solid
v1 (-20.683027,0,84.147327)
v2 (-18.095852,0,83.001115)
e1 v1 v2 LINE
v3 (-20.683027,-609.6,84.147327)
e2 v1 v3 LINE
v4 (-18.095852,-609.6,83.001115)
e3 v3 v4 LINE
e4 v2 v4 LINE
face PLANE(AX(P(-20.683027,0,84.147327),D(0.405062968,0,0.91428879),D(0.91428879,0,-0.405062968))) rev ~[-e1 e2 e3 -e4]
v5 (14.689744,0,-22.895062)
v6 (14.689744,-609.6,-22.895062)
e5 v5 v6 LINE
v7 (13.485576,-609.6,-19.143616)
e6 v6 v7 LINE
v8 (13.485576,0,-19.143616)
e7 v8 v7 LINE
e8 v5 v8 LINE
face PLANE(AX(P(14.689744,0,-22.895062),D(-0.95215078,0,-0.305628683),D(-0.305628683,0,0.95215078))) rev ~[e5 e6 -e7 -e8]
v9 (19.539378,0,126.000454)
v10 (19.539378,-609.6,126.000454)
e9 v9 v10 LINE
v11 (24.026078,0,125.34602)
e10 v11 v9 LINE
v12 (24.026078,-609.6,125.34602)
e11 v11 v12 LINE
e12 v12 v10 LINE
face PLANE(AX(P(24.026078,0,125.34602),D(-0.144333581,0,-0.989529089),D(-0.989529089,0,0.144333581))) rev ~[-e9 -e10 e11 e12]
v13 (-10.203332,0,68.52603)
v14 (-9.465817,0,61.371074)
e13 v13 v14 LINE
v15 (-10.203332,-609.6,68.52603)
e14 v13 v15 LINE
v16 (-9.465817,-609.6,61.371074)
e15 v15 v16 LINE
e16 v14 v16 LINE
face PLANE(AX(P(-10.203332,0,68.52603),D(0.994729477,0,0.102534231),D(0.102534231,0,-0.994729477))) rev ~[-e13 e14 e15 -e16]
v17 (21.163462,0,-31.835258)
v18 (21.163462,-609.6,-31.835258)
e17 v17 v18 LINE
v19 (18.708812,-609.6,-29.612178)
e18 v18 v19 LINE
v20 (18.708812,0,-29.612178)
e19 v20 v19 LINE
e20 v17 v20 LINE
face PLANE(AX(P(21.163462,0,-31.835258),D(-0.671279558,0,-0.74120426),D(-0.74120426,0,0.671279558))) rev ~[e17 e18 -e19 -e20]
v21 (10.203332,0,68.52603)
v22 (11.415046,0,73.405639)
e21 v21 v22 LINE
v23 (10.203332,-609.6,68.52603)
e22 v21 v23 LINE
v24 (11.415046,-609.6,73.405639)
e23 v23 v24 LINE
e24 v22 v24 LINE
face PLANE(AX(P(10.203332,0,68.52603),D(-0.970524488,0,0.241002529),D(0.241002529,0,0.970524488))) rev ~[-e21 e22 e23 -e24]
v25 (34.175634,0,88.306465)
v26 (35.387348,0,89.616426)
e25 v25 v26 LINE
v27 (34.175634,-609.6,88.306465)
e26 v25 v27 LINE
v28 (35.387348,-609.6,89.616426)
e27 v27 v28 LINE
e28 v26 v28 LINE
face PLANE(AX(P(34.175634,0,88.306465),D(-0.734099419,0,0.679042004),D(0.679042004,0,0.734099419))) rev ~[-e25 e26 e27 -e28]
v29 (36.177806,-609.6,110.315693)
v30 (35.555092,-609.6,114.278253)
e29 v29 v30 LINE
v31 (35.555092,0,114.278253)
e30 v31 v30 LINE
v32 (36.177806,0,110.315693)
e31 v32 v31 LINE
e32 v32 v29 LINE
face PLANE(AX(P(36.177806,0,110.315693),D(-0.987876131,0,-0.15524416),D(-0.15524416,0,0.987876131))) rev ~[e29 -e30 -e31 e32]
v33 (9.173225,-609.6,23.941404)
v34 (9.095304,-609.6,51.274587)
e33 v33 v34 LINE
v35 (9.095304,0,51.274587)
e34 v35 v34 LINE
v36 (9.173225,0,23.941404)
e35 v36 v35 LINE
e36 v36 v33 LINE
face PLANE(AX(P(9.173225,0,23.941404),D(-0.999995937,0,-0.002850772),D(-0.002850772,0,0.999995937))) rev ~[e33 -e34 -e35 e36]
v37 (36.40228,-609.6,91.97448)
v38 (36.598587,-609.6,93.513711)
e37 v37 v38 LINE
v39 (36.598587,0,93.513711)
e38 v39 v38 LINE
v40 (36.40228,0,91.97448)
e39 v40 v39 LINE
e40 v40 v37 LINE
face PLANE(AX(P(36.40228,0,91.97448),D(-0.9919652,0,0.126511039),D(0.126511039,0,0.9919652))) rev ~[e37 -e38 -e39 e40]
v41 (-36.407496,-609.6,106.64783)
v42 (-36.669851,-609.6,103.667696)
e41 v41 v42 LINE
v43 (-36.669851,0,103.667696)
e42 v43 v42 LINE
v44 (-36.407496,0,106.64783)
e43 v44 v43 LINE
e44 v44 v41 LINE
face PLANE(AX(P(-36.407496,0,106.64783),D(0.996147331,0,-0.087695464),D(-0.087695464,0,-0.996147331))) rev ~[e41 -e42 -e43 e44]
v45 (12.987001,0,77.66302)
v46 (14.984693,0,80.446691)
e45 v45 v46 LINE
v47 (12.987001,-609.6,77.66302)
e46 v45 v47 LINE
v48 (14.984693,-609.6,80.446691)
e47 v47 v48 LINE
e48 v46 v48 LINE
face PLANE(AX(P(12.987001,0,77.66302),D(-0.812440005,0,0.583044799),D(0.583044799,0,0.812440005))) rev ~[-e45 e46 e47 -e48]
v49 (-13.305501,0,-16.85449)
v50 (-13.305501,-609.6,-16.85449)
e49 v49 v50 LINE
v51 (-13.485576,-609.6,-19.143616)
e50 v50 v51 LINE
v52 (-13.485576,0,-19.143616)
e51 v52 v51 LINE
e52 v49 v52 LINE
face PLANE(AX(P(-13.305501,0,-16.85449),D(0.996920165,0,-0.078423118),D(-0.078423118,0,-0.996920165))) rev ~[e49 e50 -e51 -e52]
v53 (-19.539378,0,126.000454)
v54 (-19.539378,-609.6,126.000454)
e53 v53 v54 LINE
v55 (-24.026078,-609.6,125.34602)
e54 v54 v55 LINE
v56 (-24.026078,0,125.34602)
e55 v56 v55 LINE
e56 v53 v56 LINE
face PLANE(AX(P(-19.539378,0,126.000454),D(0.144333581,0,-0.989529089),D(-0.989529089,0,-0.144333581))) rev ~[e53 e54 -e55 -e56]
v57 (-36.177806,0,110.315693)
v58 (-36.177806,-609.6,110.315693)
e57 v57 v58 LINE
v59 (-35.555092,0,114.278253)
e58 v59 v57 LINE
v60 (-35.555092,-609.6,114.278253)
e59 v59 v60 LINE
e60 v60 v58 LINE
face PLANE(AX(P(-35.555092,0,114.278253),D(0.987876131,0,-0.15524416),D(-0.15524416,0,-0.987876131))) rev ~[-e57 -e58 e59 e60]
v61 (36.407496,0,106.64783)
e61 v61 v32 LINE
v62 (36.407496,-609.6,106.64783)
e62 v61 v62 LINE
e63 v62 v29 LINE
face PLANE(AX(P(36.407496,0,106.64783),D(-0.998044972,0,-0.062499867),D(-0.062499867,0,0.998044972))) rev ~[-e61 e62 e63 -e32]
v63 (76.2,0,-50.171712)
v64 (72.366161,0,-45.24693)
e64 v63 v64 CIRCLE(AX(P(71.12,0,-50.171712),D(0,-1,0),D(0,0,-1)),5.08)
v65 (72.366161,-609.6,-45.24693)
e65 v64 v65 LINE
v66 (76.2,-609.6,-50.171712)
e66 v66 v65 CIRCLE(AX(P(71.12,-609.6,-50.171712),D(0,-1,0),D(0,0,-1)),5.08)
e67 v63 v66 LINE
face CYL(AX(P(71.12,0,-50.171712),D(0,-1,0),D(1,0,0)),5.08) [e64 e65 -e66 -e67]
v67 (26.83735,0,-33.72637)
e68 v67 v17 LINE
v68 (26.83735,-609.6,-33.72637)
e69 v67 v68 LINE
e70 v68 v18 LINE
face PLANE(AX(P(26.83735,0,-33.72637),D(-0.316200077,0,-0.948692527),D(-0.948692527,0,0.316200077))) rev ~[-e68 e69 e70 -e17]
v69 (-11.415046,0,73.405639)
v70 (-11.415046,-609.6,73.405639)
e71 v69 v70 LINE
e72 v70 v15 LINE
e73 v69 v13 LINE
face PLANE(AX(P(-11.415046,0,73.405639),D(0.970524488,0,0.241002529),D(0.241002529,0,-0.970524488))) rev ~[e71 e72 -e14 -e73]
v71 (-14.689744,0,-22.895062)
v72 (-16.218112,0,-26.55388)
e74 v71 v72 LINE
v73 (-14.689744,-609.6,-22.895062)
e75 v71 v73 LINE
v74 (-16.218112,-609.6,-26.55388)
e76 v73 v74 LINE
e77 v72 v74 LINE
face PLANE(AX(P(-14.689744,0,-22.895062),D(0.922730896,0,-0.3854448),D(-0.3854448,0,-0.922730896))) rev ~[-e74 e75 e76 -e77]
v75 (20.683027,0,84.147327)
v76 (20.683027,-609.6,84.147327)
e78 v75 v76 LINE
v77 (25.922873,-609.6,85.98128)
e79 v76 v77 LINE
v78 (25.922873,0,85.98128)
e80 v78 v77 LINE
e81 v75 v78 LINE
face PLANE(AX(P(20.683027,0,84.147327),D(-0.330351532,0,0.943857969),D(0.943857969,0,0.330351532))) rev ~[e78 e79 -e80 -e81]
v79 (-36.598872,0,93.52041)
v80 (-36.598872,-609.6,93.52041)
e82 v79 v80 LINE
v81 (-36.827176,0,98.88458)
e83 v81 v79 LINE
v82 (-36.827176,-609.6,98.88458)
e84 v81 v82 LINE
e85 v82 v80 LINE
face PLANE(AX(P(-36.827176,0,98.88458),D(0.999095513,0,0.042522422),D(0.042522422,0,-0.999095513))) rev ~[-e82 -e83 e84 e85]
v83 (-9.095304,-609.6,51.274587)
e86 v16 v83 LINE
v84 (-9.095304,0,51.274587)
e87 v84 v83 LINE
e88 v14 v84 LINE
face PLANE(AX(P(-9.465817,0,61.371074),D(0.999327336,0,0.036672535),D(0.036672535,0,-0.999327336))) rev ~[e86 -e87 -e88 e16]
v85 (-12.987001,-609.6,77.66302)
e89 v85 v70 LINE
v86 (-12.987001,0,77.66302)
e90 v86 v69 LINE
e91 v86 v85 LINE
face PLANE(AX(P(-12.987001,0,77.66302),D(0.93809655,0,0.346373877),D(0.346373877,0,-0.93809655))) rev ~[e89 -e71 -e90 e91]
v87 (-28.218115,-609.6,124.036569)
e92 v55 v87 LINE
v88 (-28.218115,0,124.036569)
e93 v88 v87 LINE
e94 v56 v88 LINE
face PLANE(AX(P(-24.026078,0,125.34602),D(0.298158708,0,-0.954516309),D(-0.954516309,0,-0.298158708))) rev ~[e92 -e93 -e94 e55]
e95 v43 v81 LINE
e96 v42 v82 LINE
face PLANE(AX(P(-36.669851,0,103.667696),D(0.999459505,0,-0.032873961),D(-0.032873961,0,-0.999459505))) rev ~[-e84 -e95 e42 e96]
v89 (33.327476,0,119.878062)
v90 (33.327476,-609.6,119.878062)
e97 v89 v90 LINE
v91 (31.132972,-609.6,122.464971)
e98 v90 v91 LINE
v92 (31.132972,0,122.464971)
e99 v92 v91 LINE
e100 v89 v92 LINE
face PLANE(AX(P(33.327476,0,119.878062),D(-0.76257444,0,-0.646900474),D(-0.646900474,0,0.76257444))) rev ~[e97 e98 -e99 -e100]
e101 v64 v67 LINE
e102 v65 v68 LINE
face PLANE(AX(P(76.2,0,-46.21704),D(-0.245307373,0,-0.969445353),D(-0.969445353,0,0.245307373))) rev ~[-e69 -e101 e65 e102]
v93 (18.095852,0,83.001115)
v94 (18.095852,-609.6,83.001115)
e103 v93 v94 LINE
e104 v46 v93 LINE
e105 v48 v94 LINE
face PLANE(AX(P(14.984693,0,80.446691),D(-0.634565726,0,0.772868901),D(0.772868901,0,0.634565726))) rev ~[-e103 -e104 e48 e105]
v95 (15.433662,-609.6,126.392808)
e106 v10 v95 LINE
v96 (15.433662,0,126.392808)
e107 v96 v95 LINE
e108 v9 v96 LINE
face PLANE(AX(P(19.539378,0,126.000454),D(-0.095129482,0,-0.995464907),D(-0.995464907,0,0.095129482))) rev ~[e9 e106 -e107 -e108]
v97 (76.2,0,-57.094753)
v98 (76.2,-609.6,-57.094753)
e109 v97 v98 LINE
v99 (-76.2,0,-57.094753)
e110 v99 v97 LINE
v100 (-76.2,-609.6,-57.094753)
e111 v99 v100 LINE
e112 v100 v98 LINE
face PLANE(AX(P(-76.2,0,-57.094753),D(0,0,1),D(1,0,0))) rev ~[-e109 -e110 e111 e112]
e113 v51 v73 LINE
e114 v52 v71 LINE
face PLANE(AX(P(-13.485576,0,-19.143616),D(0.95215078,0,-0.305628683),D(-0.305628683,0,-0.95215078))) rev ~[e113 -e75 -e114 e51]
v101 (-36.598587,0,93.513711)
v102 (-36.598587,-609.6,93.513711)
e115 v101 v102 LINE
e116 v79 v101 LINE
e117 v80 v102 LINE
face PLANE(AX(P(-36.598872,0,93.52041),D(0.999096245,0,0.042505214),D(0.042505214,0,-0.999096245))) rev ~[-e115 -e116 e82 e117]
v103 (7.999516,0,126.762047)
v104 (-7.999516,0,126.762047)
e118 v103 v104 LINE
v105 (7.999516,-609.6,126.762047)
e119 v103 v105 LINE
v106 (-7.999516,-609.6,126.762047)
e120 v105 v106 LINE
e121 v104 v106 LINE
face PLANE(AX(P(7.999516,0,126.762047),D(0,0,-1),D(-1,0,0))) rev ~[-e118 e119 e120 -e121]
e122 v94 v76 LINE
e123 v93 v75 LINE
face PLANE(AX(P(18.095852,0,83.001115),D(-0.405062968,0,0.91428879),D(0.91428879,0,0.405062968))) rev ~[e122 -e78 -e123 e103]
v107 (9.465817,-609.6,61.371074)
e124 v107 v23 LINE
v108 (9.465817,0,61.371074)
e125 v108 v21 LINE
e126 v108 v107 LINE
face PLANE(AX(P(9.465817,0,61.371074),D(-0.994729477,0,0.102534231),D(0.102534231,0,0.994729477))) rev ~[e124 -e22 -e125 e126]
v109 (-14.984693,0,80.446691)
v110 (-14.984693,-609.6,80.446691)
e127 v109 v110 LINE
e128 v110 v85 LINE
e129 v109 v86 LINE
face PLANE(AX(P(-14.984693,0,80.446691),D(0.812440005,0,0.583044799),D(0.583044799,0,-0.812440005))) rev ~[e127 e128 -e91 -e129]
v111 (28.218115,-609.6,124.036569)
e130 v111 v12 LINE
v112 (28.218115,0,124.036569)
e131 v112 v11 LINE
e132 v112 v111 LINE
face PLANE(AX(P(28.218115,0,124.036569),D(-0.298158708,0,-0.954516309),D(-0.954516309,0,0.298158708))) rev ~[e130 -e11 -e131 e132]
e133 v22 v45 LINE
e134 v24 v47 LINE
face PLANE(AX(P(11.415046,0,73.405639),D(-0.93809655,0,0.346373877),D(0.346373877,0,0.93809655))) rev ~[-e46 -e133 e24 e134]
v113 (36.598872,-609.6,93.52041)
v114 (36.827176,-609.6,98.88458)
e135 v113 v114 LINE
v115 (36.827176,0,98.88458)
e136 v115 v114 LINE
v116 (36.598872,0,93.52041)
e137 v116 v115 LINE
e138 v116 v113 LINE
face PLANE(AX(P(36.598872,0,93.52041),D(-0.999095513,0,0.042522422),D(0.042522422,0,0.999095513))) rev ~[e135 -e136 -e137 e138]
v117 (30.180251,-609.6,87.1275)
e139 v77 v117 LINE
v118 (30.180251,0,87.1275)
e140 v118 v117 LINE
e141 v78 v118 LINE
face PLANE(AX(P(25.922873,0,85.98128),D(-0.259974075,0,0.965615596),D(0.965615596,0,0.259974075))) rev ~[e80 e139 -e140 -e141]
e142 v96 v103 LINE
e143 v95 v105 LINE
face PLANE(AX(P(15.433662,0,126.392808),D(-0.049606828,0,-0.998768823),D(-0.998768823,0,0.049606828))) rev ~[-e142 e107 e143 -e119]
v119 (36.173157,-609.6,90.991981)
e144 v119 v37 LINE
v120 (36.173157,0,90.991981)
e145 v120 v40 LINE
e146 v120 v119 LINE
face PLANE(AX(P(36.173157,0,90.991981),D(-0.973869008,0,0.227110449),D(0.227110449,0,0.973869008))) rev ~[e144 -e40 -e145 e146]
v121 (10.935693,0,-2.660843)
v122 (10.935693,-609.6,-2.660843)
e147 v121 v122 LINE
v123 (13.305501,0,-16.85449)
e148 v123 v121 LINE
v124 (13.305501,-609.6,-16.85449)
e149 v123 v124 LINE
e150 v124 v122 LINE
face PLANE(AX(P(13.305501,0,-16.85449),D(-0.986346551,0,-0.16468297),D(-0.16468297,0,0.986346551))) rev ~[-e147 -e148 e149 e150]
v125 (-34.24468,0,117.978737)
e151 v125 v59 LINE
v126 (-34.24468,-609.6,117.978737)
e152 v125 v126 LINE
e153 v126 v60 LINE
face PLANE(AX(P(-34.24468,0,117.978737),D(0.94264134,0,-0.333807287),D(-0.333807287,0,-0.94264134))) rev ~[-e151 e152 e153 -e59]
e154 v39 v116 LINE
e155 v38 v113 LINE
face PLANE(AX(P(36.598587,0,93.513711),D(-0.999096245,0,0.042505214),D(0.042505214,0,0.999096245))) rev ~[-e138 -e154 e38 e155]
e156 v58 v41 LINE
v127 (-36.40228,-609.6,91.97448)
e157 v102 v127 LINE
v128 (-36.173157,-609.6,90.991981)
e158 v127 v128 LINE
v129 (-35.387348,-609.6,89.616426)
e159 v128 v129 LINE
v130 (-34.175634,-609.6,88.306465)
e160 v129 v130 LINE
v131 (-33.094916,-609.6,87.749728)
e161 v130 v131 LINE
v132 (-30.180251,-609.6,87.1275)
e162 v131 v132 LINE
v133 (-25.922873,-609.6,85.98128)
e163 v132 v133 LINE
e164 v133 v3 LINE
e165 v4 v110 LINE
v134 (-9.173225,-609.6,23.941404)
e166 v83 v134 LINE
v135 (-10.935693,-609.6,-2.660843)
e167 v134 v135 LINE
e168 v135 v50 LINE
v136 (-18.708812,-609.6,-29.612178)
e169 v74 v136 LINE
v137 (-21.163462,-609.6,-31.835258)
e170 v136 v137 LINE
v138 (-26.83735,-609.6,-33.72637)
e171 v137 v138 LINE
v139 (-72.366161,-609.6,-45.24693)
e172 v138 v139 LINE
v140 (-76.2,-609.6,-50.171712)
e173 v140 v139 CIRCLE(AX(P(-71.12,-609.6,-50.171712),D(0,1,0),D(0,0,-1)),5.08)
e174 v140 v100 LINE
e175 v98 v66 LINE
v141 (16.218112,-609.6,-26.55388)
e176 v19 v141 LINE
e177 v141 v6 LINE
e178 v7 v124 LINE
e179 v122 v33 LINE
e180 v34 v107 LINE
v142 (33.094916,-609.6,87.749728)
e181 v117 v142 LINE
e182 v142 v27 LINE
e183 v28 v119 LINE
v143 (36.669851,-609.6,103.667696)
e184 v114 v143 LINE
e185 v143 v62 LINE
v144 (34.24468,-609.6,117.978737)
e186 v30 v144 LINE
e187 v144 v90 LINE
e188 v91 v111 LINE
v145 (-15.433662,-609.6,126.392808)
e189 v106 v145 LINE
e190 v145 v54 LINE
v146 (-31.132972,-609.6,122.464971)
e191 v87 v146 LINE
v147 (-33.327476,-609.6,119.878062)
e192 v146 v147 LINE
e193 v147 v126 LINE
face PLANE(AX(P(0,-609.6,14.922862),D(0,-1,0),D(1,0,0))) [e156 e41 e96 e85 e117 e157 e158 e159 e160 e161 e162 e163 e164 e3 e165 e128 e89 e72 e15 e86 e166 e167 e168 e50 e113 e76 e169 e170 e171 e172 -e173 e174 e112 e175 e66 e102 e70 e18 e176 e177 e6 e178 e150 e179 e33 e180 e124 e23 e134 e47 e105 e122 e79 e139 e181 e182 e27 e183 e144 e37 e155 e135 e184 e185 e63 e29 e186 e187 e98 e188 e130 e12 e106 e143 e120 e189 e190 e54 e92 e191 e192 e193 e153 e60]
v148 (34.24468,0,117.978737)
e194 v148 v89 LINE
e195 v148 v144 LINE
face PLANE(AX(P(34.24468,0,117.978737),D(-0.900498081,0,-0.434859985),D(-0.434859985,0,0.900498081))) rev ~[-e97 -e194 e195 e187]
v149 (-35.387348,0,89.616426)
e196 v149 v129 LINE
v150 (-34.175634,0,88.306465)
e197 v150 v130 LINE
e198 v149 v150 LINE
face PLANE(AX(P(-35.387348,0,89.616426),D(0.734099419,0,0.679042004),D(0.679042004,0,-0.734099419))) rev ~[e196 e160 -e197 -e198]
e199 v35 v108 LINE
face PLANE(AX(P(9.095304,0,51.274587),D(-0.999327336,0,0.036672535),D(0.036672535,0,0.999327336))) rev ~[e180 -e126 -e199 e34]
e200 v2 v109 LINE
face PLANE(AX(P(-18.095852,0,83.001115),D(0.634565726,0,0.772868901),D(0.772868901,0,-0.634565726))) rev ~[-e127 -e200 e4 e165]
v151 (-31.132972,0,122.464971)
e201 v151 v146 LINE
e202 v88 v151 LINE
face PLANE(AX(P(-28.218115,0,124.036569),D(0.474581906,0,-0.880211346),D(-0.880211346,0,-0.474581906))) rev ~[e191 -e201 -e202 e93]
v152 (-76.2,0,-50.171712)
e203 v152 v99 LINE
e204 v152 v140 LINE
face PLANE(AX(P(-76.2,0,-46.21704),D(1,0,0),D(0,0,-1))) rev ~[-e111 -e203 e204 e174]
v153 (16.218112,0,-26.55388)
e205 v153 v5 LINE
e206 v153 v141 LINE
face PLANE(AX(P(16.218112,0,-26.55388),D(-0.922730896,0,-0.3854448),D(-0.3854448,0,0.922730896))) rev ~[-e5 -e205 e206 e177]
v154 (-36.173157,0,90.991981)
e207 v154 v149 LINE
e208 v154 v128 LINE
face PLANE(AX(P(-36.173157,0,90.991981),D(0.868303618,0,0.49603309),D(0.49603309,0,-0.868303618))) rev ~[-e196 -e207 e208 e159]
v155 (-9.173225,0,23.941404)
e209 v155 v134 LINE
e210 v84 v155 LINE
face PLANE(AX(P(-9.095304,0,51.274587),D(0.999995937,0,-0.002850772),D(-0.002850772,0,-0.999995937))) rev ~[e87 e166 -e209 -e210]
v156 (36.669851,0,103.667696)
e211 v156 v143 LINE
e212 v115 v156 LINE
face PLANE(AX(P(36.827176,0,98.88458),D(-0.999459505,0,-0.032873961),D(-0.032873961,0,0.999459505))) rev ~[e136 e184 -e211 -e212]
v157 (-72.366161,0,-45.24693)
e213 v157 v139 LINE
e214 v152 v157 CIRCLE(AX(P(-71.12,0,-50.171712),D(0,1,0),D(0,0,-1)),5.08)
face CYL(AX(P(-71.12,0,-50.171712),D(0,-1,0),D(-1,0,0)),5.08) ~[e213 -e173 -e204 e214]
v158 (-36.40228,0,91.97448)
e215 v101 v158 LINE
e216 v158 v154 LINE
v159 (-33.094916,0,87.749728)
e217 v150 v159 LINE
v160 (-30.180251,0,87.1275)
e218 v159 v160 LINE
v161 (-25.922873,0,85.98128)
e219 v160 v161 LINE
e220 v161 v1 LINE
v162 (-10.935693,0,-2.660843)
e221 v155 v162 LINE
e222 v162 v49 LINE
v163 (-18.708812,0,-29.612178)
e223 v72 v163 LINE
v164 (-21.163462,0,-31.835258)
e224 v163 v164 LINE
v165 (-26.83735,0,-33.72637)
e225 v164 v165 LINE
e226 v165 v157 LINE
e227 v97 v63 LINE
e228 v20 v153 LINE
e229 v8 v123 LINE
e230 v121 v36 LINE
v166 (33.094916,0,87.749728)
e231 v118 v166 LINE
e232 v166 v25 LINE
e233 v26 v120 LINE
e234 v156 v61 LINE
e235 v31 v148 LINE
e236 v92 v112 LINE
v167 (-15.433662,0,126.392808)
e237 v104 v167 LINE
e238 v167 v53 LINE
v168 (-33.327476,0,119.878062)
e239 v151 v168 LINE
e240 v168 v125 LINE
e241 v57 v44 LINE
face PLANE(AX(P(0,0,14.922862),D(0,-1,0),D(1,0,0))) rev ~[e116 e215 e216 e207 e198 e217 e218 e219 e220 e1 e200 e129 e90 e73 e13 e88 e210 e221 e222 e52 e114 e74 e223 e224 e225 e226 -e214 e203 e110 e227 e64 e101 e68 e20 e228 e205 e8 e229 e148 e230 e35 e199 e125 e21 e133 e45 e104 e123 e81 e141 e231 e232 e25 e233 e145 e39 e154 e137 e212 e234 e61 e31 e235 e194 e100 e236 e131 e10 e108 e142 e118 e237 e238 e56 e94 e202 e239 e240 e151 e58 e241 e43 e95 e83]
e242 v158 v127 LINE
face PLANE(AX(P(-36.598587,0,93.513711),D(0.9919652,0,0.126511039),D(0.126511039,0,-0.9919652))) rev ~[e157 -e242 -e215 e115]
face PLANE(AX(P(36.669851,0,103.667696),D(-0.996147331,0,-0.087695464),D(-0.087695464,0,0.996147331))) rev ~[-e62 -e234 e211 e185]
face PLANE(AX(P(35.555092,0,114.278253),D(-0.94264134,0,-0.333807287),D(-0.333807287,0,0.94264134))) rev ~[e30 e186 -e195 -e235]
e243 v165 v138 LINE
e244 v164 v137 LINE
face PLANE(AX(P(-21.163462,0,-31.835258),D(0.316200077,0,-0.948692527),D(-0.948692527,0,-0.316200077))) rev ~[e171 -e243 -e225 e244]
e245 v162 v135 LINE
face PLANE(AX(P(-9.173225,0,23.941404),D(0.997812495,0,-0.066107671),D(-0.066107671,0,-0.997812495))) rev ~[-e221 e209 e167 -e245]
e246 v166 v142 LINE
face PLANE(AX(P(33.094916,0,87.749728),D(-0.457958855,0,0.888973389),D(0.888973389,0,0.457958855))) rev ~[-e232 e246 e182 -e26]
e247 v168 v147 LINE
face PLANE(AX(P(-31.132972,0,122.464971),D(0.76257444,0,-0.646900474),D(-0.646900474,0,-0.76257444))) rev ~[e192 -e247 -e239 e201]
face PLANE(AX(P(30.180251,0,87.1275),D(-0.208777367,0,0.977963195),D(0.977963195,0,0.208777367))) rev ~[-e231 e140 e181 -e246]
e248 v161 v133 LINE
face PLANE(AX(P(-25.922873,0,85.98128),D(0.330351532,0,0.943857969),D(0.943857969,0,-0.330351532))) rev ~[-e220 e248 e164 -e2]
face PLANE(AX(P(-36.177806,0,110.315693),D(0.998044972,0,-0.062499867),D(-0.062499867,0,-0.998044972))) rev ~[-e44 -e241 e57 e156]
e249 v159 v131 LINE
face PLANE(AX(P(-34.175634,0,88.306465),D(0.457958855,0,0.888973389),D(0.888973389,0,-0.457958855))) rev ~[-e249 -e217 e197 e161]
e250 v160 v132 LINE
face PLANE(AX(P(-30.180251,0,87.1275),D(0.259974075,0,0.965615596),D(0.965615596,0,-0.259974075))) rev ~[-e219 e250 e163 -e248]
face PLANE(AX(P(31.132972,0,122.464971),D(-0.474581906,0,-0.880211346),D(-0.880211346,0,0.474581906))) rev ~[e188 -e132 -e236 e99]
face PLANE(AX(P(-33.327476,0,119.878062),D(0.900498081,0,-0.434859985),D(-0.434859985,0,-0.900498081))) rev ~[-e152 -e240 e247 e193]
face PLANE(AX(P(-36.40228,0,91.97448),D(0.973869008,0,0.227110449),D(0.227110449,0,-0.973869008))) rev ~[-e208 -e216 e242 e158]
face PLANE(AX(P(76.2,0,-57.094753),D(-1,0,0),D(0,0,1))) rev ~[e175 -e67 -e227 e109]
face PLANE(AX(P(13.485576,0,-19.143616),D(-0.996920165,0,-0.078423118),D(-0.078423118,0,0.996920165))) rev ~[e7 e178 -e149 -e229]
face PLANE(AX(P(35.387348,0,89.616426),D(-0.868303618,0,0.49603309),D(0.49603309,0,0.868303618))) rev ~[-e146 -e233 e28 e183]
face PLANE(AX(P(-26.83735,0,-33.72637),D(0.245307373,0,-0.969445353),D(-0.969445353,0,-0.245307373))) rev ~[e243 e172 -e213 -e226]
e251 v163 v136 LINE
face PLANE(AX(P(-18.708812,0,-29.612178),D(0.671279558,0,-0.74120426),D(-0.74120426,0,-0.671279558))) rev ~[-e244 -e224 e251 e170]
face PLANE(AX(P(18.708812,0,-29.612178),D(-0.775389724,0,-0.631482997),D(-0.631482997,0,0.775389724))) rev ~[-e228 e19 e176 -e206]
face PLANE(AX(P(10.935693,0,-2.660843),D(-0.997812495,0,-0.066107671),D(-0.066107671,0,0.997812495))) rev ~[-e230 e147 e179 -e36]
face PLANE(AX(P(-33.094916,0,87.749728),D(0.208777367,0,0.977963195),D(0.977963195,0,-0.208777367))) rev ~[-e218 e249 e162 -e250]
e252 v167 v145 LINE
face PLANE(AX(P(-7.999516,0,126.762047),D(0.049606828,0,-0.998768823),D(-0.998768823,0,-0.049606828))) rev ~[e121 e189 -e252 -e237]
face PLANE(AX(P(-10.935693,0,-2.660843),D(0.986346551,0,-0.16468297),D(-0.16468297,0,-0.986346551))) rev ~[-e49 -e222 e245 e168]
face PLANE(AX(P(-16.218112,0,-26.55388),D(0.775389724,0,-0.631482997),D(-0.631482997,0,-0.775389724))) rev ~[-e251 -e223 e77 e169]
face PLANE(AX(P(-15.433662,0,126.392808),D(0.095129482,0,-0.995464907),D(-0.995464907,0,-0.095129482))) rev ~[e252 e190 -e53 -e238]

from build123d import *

# Parameters (mm, degrees)
F1_DEPTH = 609.6
F2_R     = 5.08


with BuildPart() as f1:
    # F0 (on Front) → F1 (new body)
    with BuildSketch(Plane.XZ):
        Polygon((-76.2, -46.21704), (-76.2, -57.094753), (76.2, -57.094753), (76.2, -46.21704), (26.83735, -33.72637), (21.163462, -31.835258), (18.708812, -29.612178), (16.218112, -26.55388), (14.689744, -22.895062), (13.485576, -19.143616), (13.305501, -16.85449), (10.935693, -2.660843), (9.173225, 23.941404), (9.095304, 51.274587), (9.465817, 61.371074), (10.203332, 68.52603), (11.415046, 73.405639), (12.987001, 77.66302), (14.984693, 80.446691), (18.095852, 83.001115), (20.683027, 84.147327), (25.922873, 85.98128), (30.180251, 87.1275), (33.094916, 87.749728), (34.175634, 88.306465), (35.387348, 89.616426), (36.173157, 90.991981), (36.40228, 91.97448), (36.598587, 93.513711), (36.598872, 93.52041), (36.827176, 98.88458), (36.669851, 103.667696), (36.407496, 106.64783), (36.177806, 110.315693), (35.555092, 114.278253), (34.24468, 117.978737), (33.327476, 119.878062), (31.132972, 122.464971), (28.218115, 124.036569), (24.026078, 125.34602), (19.539378, 126.000454), (15.433662, 126.392808), (7.999516, 126.762047), (0, 126.762047), (-7.999516, 126.762047), (-15.433662, 126.392808), (-19.539378, 126.000454), (-24.026078, 125.34602), (-28.218115, 124.036569), (-31.132972, 122.464971), (-33.327476, 119.878062), (-34.24468, 117.978737), (-35.555092, 114.278253), (-36.177806, 110.315693), (-36.407496, 106.64783), (-36.669851, 103.667696), (-36.827176, 98.88458), (-36.598872, 93.52041), (-36.598587, 93.513711), (-36.40228, 91.97448), (-36.173157, 90.991981), (-35.387348, 89.616426), (-34.175634, 88.306465), (-33.094916, 87.749728), (-30.180251, 87.1275), (-25.922873, 85.98128), (-20.683027, 84.147327), (-18.095852, 83.001115), (-14.984693, 80.446691), (-12.987001, 77.66302), (-11.415046, 73.405639), (-10.203332, 68.52603), (-9.465817, 61.371074), (-9.095304, 51.274587), (-9.173225, 23.941404), (-10.935693, -2.660843), (-13.305501, -16.85449), (-13.485576, -19.143616), (-14.689744, -22.895062), (-16.218112, -26.55388), (-18.708812, -29.612178), (-21.163462, -31.835258), (-26.83735, -33.72637), align=None)
    extrude(amount=F1_DEPTH)

    # F2
    f2_edges = [f1.edges().sort_by_distance(p)[0] for p in [
        (76.2, -304.8, -46.21704),
        (-76.2, -304.8, -46.21704),
    ]]
    fillet(f2_edges, radius=F2_R)


solid = f1.part
